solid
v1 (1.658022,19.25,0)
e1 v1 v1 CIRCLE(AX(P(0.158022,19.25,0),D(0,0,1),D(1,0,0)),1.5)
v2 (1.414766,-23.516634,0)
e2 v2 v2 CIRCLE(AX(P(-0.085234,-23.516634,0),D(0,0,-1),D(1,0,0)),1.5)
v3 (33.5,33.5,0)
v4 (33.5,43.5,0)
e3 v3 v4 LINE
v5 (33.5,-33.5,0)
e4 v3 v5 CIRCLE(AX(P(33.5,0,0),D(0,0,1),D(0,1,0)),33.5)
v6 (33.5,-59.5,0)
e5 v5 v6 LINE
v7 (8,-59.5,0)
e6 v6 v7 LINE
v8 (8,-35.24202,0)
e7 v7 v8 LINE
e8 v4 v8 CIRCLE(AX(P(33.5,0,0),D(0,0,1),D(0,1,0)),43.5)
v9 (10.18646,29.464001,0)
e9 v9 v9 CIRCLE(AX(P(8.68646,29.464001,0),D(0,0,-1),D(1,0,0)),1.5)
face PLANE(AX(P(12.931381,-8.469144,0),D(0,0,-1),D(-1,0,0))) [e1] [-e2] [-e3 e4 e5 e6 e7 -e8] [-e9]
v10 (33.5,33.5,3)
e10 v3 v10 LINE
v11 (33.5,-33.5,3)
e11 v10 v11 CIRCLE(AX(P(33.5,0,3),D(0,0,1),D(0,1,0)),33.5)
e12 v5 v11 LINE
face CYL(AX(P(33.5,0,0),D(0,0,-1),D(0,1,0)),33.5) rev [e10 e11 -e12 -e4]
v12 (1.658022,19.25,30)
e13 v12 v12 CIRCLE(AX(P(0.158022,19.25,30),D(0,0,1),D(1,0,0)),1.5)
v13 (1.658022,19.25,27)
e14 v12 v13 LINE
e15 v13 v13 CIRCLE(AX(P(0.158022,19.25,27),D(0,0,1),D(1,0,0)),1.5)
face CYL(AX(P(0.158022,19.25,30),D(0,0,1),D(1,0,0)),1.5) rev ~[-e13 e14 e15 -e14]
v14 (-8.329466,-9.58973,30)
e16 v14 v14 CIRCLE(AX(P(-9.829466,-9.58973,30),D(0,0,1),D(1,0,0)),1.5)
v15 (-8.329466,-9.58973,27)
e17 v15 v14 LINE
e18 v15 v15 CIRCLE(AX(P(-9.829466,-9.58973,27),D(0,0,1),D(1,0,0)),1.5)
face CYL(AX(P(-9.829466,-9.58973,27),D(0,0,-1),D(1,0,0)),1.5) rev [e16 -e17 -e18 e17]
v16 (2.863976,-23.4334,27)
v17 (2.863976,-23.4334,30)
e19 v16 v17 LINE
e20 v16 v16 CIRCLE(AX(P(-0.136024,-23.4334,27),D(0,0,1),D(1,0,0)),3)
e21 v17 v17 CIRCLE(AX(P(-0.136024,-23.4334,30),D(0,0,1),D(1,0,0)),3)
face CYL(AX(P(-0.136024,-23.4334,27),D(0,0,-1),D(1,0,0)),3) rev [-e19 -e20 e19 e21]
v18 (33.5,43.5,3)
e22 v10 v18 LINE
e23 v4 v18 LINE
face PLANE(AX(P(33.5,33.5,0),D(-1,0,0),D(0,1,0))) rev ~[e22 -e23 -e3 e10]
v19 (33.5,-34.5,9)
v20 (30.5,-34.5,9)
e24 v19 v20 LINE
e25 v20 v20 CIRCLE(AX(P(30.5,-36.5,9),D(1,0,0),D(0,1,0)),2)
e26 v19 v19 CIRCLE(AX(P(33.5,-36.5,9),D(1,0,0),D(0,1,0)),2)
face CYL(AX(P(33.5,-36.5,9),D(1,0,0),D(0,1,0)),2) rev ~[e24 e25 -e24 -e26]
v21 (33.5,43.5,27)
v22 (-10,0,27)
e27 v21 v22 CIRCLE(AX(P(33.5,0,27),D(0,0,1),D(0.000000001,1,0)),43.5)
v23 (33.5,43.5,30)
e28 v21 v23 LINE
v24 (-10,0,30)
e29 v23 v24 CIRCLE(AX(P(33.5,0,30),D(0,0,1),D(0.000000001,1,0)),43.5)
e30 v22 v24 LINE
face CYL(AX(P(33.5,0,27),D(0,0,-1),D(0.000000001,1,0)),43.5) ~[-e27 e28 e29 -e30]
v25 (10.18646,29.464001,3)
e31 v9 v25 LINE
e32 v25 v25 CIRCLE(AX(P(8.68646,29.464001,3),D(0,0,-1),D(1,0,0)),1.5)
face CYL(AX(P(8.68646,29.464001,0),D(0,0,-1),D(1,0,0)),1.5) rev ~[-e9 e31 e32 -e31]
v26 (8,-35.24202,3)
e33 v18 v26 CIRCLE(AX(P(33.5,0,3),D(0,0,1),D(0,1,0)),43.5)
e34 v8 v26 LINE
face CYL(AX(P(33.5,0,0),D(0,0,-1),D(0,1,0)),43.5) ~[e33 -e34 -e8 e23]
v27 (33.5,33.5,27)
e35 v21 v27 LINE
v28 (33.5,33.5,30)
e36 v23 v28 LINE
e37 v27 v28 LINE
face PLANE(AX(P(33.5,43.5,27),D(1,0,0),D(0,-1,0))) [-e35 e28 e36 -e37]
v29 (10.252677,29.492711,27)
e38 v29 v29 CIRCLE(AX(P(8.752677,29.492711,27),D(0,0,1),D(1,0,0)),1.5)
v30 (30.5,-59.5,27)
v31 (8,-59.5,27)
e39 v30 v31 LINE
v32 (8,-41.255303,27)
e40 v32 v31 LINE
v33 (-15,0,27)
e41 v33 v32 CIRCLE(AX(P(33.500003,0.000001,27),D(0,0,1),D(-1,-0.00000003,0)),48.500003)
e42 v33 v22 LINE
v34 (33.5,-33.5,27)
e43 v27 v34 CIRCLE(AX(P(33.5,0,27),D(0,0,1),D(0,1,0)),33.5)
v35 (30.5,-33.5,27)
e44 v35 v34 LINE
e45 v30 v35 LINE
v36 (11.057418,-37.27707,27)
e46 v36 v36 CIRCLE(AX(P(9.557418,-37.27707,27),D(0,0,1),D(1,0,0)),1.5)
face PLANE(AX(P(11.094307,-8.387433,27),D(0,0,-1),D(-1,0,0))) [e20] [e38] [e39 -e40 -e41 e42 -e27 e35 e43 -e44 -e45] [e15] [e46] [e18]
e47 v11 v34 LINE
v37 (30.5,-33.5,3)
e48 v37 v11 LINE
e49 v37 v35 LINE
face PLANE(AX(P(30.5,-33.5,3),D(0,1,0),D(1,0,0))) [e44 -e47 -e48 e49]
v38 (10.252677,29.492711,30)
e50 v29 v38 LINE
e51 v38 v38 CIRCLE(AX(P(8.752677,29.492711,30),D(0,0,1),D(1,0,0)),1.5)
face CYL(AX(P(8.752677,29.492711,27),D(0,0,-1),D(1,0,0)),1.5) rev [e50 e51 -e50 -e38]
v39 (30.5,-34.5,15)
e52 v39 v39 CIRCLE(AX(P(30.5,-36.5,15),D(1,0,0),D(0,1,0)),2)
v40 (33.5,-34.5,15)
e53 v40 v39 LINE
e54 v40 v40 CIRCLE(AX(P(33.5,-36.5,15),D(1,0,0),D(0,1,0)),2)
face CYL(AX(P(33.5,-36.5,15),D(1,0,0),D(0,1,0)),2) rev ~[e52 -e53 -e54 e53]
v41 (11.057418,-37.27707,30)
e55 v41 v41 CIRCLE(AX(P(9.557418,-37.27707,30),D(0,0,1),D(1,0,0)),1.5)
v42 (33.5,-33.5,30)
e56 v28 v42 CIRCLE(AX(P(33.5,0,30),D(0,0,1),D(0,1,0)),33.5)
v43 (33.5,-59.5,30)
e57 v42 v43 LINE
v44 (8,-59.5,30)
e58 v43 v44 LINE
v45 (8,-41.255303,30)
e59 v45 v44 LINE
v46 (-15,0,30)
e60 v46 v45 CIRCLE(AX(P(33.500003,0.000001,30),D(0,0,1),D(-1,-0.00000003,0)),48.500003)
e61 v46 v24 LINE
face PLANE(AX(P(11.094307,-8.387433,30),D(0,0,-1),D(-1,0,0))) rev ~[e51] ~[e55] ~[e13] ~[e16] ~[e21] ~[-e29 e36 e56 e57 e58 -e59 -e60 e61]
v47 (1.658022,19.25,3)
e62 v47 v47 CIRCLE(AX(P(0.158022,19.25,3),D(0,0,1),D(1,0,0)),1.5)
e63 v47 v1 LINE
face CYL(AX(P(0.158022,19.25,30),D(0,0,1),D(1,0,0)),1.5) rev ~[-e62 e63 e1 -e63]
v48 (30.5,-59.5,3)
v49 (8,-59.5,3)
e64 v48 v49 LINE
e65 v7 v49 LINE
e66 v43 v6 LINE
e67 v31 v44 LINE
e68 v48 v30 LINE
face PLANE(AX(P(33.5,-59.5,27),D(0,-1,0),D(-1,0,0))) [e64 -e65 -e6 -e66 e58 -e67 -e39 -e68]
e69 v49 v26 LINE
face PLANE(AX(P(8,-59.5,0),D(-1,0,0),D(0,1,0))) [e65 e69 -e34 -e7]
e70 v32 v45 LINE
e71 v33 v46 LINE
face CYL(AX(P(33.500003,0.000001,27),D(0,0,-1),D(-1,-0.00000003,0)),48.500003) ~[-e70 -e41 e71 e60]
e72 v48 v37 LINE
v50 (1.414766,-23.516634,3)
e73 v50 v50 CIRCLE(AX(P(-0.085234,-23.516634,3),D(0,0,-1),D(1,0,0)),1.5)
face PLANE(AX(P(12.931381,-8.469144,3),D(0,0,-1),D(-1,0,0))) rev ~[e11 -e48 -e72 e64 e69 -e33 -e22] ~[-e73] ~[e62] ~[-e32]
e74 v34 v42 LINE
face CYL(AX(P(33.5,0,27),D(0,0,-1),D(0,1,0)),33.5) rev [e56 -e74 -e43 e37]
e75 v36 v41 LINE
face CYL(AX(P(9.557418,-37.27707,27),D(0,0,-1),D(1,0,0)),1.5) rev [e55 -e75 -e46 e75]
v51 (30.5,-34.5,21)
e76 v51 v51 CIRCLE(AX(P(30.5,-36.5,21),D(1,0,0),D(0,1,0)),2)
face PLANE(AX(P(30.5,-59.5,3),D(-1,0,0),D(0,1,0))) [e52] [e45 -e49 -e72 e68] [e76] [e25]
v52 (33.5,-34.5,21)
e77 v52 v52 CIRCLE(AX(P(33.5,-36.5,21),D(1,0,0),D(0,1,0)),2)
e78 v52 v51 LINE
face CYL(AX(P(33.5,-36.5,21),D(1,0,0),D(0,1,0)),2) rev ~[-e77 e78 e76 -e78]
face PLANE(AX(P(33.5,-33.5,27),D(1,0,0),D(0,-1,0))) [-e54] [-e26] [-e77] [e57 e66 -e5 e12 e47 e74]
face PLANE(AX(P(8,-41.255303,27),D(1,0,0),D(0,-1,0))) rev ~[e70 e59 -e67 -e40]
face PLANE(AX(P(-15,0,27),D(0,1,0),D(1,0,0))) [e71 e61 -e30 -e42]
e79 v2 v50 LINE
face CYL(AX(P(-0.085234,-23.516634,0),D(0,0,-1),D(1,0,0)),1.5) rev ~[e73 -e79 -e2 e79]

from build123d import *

# Parameters (mm, degrees)
PAD_DEPTH       = 3
SKETCH001_W     = 3
SKETCH001_H     = 26
PAD001_DEPTH    = 24
SKETCH002_R     = 2
POCKET_DEPTH    = 3
SKETCH003_R     = 1.5
SKETCH003_R_2   = 3
PAD002_DEPTH    = 3
SKETCH004_R     = 1.5
POCKET001_DEPTH = 3
SKETCH005_R     = 1.5
POCKET002_DEPTH = 30.001


with BuildPart() as part:
    # Sketch → Pad (new body)
    with BuildSketch(Plane.XY):
        with BuildLine():
            ThreePointArc((33.5, 33.5), (0, 0), (33.5, -33.5))
            Line((33.5, -33.5), (33.5, -59.5))
            Line((33.5, -59.5), (8, -59.5))
            Line((8, -59.5), (8, -35.24202))
            ThreePointArc((33.5, 43.5), (-7.884042, 13.401905), (8, -35.24202))
            Line((33.5, 33.5), (33.5, 43.5))
        make_face()
    extrude(amount=PAD_DEPTH)

    # Sketch001 → Pad001 (new body)
    with BuildSketch(Plane.XY.offset(3)):
        with Locations((32, -46.5)):
            Rectangle(SKETCH001_W, SKETCH001_H)
    extrude(amount=PAD001_DEPTH)

    # Sketch002 → Pocket (cut)
    with BuildSketch(Plane.YZ.offset(33.5)):
        with Locations((-36.5, 21)):
            Circle(SKETCH002_R)
        with Locations((-36.5, 15)):
            Circle(SKETCH002_R)
        with Locations((-36.5, 9)):
            Circle(SKETCH002_R)
    extrude(amount=-POCKET_DEPTH, mode=Mode.SUBTRACT)

    # Sketch003 → Pad002 (new body)
    with BuildSketch(Plane.XY.offset(27)):
        with BuildLine():
            Line((33.5, 43.5), (33.5, 33.5))
            ThreePointArc((33.5, 33.5), (0, 0), (33.5, -33.5))
            Line((33.5, -33.5), (33.5, -59.5))
            Line((33.5, -59.5), (8, -59.5))
            Line((8, -41.255303), (8, -59.5))
            ThreePointArc((-15, 0), (-8.861539, -23.616731), (8, -41.255303))
            Line((-15, 0), (-10, 0))
            ThreePointArc((33.5, 43.5), (2.740855, 30.759145), (-10, 0))
        make_face()
        with Locations((8.752677, 29.492711)):
            Circle(SKETCH003_R, mode=Mode.SUBTRACT)
        with Locations((-0.136024, -23.4334)):
            Circle(SKETCH003_R_2, mode=Mode.SUBTRACT)
        with Locations((-9.829466, -9.58973)):
            Circle(SKETCH003_R, mode=Mode.SUBTRACT)
        with Locations((9.557418, -37.27707)):
            Circle(SKETCH003_R, mode=Mode.SUBTRACT)
    extrude(amount=PAD002_DEPTH)

    # Sketch004 → Pocket001 (cut)
    with BuildSketch(Plane(origin=(0, 0, 0), x_dir=(1, 0, 0), z_dir=(0, 0, -1))):
        with Locations((8.68646, -29.464001)):
            Circle(SKETCH004_R)
        with Locations((-0.085234, 23.516634)):
            Circle(SKETCH004_R)
    extrude(amount=-POCKET001_DEPTH, mode=Mode.SUBTRACT)

    # Sketch005 → Pocket002 (cut, through all)
    with BuildSketch(Plane.XY.offset(30)):
        with Locations((0.158022, 19.25)):
            Circle(SKETCH005_R)
    extrude(amount=-POCKET002_DEPTH, mode=Mode.SUBTRACT)


solid = part.part
